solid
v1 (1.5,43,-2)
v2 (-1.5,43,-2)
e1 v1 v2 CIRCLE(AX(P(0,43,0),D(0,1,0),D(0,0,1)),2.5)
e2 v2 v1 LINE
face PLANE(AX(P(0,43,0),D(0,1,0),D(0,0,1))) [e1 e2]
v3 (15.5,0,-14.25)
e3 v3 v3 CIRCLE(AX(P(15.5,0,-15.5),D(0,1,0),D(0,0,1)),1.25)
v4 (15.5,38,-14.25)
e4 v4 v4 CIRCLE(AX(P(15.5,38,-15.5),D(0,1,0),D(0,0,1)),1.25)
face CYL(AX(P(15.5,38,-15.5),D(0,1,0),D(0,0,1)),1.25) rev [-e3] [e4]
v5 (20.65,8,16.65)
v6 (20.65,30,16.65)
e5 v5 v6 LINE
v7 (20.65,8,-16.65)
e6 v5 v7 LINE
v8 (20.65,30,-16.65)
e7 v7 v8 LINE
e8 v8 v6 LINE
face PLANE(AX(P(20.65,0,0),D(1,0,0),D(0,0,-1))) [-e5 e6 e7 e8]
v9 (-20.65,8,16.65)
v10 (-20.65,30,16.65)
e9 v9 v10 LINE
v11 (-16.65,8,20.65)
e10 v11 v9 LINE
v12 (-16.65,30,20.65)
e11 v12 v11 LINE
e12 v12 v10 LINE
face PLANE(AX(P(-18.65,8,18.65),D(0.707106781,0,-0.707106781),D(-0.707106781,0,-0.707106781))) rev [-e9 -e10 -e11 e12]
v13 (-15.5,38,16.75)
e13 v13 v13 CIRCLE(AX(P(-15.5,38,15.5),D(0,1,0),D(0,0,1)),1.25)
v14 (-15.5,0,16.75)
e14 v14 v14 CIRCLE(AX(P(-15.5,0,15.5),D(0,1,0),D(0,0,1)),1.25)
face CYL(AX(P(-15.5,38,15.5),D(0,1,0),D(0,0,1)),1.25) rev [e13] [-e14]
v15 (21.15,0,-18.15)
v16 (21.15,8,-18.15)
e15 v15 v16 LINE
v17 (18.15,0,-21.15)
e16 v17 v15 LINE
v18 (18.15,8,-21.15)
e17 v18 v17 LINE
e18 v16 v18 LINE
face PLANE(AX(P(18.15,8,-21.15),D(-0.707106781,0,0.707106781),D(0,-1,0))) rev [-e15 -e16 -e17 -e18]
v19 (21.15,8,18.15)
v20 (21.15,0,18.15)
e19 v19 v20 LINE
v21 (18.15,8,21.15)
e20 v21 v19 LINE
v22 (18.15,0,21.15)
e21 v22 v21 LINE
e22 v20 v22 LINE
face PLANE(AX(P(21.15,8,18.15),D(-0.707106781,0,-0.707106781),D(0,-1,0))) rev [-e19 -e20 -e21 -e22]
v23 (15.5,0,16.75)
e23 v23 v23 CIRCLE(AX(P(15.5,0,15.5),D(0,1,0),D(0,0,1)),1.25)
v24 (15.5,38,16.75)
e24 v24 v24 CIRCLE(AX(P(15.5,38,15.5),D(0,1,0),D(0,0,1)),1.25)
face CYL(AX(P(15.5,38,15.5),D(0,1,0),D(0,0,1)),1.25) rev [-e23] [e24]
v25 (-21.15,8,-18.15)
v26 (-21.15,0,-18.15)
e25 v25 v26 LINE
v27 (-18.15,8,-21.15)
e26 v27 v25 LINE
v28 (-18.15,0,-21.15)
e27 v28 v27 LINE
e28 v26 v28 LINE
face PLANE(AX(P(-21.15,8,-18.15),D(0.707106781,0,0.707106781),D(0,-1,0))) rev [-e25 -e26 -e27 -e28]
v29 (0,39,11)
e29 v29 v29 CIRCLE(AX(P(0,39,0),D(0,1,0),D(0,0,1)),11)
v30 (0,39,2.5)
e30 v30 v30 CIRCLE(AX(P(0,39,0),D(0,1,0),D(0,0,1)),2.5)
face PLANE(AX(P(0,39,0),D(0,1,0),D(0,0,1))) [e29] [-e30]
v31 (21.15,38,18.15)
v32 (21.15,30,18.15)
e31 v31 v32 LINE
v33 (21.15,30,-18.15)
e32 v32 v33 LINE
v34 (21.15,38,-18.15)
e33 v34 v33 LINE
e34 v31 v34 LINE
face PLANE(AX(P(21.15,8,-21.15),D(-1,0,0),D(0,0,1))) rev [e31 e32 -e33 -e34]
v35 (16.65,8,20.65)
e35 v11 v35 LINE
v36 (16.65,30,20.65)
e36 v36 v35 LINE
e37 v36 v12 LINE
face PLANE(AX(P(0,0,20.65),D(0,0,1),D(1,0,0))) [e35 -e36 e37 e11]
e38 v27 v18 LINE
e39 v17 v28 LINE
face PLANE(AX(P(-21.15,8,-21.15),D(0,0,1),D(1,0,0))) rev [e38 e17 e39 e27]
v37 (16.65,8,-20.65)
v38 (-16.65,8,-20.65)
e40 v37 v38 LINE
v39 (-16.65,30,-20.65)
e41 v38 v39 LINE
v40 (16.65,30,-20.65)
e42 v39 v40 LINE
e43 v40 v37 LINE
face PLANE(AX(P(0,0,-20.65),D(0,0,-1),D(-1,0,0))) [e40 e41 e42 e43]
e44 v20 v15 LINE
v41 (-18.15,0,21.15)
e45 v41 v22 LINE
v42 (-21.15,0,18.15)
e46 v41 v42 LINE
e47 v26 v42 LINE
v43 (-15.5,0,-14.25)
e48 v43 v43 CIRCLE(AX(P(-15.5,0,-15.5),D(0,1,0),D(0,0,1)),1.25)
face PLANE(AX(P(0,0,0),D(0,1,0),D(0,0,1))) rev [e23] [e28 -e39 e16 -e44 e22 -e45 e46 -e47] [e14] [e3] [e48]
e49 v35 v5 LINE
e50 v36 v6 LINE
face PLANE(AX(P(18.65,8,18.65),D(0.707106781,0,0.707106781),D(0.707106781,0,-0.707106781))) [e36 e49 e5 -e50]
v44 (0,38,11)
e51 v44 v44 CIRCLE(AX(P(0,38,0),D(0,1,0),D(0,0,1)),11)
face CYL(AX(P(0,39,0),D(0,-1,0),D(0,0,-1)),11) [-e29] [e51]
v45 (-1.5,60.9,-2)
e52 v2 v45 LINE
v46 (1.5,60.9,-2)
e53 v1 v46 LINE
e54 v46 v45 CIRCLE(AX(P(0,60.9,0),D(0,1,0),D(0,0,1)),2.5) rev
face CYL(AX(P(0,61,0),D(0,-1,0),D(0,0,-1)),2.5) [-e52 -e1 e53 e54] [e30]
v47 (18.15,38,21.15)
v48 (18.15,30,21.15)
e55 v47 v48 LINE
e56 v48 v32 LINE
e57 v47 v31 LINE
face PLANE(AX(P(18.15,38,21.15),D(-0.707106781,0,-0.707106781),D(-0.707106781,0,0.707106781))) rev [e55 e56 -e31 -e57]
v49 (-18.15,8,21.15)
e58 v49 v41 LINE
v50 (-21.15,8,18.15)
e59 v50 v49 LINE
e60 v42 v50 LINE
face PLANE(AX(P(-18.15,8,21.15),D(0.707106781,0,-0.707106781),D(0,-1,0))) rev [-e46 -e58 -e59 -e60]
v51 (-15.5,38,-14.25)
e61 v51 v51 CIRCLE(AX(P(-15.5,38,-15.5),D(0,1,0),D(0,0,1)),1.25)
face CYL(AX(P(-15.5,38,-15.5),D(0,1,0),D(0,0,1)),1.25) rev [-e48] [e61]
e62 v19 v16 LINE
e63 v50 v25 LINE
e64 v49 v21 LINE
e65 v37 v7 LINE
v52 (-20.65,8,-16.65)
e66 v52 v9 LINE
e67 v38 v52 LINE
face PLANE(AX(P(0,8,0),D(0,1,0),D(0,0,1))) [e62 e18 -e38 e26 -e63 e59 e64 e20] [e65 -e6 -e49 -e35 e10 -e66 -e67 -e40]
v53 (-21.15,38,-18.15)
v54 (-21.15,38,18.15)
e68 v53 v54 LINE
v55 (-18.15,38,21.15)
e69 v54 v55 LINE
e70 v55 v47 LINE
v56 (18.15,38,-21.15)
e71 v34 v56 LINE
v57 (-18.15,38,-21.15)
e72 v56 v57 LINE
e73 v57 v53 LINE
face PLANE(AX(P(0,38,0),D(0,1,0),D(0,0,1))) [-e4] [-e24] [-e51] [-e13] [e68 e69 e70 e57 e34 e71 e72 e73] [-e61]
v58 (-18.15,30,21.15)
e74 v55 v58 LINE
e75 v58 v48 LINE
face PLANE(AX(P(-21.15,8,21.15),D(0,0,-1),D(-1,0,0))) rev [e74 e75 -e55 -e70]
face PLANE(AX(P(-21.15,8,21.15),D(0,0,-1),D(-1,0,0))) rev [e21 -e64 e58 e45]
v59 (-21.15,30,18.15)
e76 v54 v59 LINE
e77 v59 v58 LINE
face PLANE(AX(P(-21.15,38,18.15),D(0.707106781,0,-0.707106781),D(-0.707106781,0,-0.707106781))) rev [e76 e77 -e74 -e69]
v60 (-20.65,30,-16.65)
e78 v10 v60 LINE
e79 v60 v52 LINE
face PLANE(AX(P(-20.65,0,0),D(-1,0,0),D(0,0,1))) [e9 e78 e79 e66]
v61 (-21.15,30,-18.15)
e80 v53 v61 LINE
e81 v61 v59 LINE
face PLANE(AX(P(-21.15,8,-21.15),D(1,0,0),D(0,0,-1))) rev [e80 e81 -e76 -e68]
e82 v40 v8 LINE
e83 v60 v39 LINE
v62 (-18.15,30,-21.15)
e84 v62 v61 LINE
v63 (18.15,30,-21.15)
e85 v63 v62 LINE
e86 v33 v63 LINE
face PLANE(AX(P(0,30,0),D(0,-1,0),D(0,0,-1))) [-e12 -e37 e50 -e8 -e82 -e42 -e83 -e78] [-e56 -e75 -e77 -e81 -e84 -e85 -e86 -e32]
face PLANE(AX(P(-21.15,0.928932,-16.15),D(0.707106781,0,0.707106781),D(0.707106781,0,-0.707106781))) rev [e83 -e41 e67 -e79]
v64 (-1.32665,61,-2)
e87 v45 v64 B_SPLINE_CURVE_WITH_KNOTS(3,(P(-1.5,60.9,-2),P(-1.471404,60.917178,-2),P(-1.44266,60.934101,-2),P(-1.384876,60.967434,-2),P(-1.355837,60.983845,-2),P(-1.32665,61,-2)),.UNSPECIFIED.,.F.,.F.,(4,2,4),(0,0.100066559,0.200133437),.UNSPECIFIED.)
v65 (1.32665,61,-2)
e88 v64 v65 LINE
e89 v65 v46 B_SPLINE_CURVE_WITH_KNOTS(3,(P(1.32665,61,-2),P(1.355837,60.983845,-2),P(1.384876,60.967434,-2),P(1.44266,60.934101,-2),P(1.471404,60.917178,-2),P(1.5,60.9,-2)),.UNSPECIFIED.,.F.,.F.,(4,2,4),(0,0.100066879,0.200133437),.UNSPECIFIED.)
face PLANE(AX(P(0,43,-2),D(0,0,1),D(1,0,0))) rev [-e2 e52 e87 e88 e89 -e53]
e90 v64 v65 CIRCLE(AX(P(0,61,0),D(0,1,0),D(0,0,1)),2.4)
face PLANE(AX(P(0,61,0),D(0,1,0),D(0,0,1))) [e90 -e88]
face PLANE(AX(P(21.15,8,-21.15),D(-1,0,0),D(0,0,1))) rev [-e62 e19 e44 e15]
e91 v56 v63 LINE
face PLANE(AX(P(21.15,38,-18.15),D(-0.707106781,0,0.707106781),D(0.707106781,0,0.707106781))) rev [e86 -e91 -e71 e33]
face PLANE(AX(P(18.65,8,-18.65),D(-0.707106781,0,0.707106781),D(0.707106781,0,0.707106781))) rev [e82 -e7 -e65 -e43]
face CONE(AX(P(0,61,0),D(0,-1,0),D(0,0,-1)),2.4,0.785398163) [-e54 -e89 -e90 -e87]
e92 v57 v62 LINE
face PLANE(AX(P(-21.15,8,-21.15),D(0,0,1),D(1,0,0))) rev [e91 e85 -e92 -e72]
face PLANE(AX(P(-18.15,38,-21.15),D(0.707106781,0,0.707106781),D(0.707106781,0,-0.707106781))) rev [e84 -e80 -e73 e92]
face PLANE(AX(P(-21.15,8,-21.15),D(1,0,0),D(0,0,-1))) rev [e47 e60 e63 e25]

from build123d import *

# Parameters (mm, degrees)
SKETCH_2_W               = 42.3
SKETCH_2_H               = 42.3
EXTRUDE_2_DEPTH          = 8
CHAMFER_1_SIZE           = 3
SKETCH_3_W               = 42.3
SKETCH_3_H               = 42.3
EXTRUDE_3_DEPTH          = 22
EXTRUDE_4_DEPTH          = 8
CUT_EXTRUDE_1_DEPTH      = 22
CUT_EXTRUDE_START        = -8
CUT_EXTRUDE_4_DEPTH      = 22
SKETCH_7_R               = 11
EXTRUDE_5_DEPTH          = 1
SKETCH_8_R               = 2.5
EXTRUDE_6_DEPTH          = 22
CUT_EXTRUDE_6_DEPTH      = 18
HOLE_WIZARD_M3_1_D       = 2.5
SKETCH_15_W              = 42.295221422
SKETCH_15_H              = 22.0000003
CUT_EXTRUDE_8_DEPTH      = 0.5
PATTERN_CIRCULAR_1_COUNT = 4
CHAMFER_3_SIZE           = 0.1


with BuildPart() as part:
    # 草图2 → 凸台-拉伸2 (new body)
    with BuildSketch(Plane(origin=(0, 0, 0), x_dir=(1, 0, 0), z_dir=(0, 1, 0))):
        Rectangle(SKETCH_2_W, SKETCH_2_H)
    extrude(amount=EXTRUDE_2_DEPTH)

    # 倒角1
    chamfer_1_edges = [part.edges().sort_by_distance(p)[0] for p in [
        (21.15, 4, 21.15),
        (-21.15, 4, 21.15),
        (-21.15, 4, -21.15),
        (21.15, 4, -21.15),
    ]]
    chamfer(chamfer_1_edges, length=CHAMFER_1_SIZE)

    # 草图3 → 凸台-拉伸3 (add)
    with BuildSketch(Plane(origin=(0, 8, 0), x_dir=(1, 0, 0), z_dir=(0, 1, 0))):
        Rectangle(SKETCH_3_W, SKETCH_3_H)
    extrude(amount=EXTRUDE_3_DEPTH)

    # 草图4 → 凸台-拉伸4 (add)
    with BuildSketch(Plane(origin=(0, 30, 0), x_dir=(1, 0, 0), z_dir=(0, 1, 0))):
        Polygon((-21.15, 18.15), (-21.15, -18.15), (-18.15, -21.15), (18.15, -21.15), (21.15, -18.15), (21.15, 18.15), (18.15, 21.15), (-18.15, 21.15), align=None)
    extrude(amount=EXTRUDE_4_DEPTH)

    # 草图5 → 切除-拉伸1 (cut)
    with BuildSketch(Plane(origin=(0, 30, 0), x_dir=(1, 0, 0), z_dir=(0, 1, 0))):
        Polygon((-16.15, 21.15), (-21.15, 21.15), (-21.15, 16.15), align=None)
    extrude(amount=-CUT_EXTRUDE_1_DEPTH, mode=Mode.SUBTRACT)

    # 草图6 → 切除-拉伸4 (cut)
    with BuildSketch(Plane(origin=(0, 38, 0), x_dir=(1, 0, 0), z_dir=(0, 1, 0)).offset(CUT_EXTRUDE_START)):
        Polygon((-16.15, -21.15), (-21.15, -16.15), (-21.15, -18.15), (-18.15, -21.15), align=None)
        Polygon((-18.15, -21.15), (-21.15, -18.15), (-21.15, -21.15), align=None)
        Polygon((21.15, -16.15), (16.15, -21.15), (18.15, -21.15), (21.15, -18.15), align=None)
        Polygon((21.15, -18.15), (18.15, -21.15), (21.15, -21.15), align=None)
        Polygon((18.15, 21.15), (16.15, 21.15), (21.15, 16.15), (21.15, 18.15), align=None)
        Polygon((21.15, 21.15), (18.15, 21.15), (21.15, 18.15), align=None)
    extrude(amount=-CUT_EXTRUDE_4_DEPTH, mode=Mode.SUBTRACT)

    # 草图7 → 凸台-拉伸5 (add)
    with BuildSketch(Plane(origin=(0, 38, 0), x_dir=(1, 0, 0), z_dir=(0, 1, 0))):
        with Locations(Location((0, 0, 0), (0, 0, 270))):
            Circle(SKETCH_7_R)
    extrude(amount=EXTRUDE_5_DEPTH)

    # 草图8 → 凸台-拉伸6 (add)
    with BuildSketch(Plane(origin=(0, 39, 0), x_dir=(1, 0, 0), z_dir=(0, 1, 0))):
        with Locations(Location((0, 0, 0), (0, 0, 270))):
            Circle(SKETCH_8_R)
    extrude(amount=EXTRUDE_6_DEPTH)

    # 草图9 → 切除-拉伸6 (cut)
    with BuildSketch(Plane(origin=(0, 61, 0), x_dir=(1, 0, 0), z_dir=(0, 1, 0))):
        Polygon((-76.274840795, 2), (-1.5, 2), (1.5, 2), (76.274840795, 2), (76.274840795, 151.54968159), (-76.274840795, 151.54968159), align=None)
    extrude(amount=-CUT_EXTRUDE_6_DEPTH, mode=Mode.SUBTRACT)

    # M3 螺纹孔1 (through all)
    with Locations(Plane(origin=(0, 38, 0), x_dir=(1, 0, 0), z_dir=(0, 1, 0))):
        with Locations((-15.5, 15.5), (15.5, 15.5), (15.5, -15.5), (-15.5, -15.5)):
            Hole(HOLE_WIZARD_M3_1_D / 2)

    # 草图15 → 切除-拉伸8 (cut)
    with BuildSketch(Plane.ZY.offset(21.15)):
        with Locations((-0.002389289, 18.99999985)):
            Rectangle(SKETCH_15_W, SKETCH_15_H)
    cut_extrude_8 = extrude(amount=-CUT_EXTRUDE_8_DEPTH, mode=Mode.SUBTRACT)

    # 阵列(圆周)1: 切除-拉伸8 ×4 about axis
    pattern_circular_1_axis = Axis((0, 0, 0), (0, 1, 0))
    for i in range(1, PATTERN_CIRCULAR_1_COUNT):
        add(cut_extrude_8.rotate(pattern_circular_1_axis, i * 360 / PATTERN_CIRCULAR_1_COUNT), mode=Mode.SUBTRACT)

    # 倒角3
    chamfer_3_edges = [part.edges().sort_by_distance(p)[0] for p in [
        (2.371708245, 61, 0.790569415),
    ]]
    chamfer(chamfer_3_edges, length=CHAMFER_3_SIZE)


solid = part.part
